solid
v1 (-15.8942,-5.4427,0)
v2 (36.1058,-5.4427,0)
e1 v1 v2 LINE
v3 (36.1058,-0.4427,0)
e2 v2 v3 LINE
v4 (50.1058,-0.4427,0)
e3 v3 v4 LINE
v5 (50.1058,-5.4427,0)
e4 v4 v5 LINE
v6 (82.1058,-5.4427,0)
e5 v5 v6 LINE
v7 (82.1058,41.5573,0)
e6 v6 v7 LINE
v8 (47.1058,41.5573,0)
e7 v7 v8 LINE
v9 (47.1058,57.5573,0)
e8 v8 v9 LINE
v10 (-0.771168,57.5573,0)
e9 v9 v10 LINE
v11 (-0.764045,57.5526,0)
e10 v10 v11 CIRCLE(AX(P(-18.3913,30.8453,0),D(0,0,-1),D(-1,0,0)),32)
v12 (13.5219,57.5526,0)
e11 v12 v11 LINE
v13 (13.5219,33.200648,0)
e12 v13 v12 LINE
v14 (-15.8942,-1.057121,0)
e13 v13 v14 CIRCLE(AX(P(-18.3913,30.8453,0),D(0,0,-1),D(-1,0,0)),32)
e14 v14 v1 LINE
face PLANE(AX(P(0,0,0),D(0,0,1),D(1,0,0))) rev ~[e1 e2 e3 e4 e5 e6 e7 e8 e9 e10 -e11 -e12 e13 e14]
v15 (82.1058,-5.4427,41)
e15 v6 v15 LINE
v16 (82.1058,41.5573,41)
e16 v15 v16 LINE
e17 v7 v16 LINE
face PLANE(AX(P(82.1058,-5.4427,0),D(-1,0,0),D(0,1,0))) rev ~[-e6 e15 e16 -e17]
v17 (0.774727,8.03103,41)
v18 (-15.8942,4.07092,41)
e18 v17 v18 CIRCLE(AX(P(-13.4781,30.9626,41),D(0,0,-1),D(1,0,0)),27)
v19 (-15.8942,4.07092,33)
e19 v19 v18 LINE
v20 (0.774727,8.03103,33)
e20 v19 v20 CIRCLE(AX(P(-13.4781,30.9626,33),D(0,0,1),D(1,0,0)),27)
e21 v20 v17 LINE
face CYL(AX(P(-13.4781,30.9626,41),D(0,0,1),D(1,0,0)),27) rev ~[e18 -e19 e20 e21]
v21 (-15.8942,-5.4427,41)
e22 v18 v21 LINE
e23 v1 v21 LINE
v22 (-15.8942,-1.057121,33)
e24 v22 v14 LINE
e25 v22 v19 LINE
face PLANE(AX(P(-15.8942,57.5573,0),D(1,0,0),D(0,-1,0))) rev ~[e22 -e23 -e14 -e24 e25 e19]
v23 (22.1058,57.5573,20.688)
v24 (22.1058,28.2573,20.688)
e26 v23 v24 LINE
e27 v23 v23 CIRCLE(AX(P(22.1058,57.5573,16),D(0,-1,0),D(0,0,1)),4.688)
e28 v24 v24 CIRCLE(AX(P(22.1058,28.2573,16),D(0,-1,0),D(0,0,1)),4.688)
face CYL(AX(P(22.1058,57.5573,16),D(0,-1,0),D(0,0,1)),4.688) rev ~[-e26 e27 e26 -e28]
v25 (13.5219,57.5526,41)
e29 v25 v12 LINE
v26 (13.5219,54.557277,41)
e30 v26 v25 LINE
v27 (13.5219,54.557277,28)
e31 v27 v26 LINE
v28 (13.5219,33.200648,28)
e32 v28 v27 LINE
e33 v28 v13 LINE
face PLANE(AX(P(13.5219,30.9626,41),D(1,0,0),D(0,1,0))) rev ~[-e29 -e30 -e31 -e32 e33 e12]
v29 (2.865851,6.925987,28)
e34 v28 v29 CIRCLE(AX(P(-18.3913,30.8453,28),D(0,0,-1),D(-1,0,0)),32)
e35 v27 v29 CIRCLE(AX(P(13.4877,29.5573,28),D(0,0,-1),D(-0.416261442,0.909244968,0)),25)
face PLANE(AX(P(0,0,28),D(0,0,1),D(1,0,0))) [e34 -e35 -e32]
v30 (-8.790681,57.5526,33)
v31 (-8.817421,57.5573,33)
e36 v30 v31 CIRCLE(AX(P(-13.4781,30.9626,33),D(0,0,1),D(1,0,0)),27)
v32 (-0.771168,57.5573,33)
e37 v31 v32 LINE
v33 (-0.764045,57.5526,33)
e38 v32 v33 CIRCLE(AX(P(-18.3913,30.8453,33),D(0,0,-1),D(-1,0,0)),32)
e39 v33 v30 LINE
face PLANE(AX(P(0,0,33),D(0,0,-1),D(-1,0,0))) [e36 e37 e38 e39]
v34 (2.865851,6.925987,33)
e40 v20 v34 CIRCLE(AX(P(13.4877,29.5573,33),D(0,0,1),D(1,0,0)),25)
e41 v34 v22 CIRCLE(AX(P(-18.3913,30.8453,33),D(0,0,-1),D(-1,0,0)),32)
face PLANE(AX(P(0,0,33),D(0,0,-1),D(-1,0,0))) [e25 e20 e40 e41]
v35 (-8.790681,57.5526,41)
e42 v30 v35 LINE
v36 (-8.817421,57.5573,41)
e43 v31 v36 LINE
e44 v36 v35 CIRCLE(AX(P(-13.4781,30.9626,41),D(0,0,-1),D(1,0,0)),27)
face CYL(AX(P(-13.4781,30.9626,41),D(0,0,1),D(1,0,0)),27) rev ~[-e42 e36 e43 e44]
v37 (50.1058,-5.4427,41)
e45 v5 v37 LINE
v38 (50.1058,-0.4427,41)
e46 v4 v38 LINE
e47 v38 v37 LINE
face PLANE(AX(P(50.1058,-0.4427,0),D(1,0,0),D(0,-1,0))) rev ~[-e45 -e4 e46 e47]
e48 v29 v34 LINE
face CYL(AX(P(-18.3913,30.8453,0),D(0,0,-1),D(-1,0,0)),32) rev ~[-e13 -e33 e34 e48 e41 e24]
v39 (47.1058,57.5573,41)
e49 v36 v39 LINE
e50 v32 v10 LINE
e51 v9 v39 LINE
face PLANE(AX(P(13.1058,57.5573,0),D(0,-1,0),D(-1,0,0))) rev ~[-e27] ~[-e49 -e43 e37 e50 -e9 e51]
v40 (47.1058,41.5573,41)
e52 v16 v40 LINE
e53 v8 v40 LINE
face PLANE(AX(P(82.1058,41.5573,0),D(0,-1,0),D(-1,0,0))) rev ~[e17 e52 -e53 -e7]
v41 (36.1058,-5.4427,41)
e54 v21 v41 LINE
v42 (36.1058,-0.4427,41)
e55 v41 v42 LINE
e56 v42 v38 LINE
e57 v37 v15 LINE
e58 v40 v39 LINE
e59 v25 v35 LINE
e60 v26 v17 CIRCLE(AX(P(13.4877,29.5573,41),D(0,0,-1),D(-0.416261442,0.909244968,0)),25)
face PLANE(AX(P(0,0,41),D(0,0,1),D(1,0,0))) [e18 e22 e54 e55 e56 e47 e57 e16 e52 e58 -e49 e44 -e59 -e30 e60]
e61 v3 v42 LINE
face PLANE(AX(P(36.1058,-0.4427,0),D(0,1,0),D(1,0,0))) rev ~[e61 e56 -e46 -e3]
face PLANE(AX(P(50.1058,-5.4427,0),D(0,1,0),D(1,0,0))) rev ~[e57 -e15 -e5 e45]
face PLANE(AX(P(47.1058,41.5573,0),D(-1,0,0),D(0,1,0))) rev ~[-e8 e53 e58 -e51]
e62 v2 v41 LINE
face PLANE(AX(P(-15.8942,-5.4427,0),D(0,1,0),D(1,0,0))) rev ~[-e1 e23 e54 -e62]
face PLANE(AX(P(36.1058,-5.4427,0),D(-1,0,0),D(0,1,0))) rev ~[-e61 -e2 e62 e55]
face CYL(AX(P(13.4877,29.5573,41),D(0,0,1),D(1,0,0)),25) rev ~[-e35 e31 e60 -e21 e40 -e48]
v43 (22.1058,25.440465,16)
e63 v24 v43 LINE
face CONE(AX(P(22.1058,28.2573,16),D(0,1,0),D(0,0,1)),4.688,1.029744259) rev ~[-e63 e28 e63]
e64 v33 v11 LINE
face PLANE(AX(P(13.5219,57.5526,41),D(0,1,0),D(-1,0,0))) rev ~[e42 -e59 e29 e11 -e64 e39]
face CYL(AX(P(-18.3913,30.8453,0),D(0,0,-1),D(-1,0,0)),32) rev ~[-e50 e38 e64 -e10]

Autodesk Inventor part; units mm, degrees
ref_plane "YZ Plane" through (0, 0, 0) normal (1, 0, 0) x (0, 1, 0)
ref_plane "XZ Plane" through (0, 0, 0) normal (0, 1, 0) x (-1, 0, 0)
ref_plane "XY Plane" through (0, 0, 0) normal (0, 0, 1) x (1, 0, 0)
sketch "Sketch1" plane through (0, 0, 0) normal (0, 0, 1) x (1, 0, 0)
  line L0 (-15.8942, -5.4427) -> (36.1058, -5.4427)
  line L1 (36.1058, -5.4427) -> (36.1058, -0.4427)
  line L2 (36.1058, -0.4427) -> (50.1058, -0.4427)
  line L3 (50.1058, -0.4427) -> (50.1058, -5.4427)
  line L4 (50.1058, -5.4427) -> (82.1058, -5.4427)
  line L5 (82.1058, -5.4427) -> (82.1058, 41.5573)
  line L6 (82.1058, 41.5573) -> (47.1058, 41.5573)
  line L7 (47.1058, 41.5573) -> (47.1058, 57.5573)
  line L8 (47.1058, 57.5573) -> (13.1058, 57.5573)
  line L9 (13.1058, 57.5573) -> (-15.8942, 57.5573)
  line L10 (-15.8942, 57.5573) -> (-15.8942, -5.4427)
  point P0 (0, 0)
  dimension "d0" = 52
  dimension "d1" = 5
  dimension "d2" = 14
  dimension "d3" = 5
  dimension "d4" = 32
  dimension "d5" = 47
  dimension "d6" = 35
  dimension "d7" = 16
  dimension "d8" = 34
  dimension "d9" = 29
extrude "Extrusion1" add sketch "Sketch1" along normal blind 41
sketch "Sketch10" plane through (0, 0, 41) normal (0, 0, 1) x (1, 0, 0)
  line L0 (-15.8942, 57.5573) -> (-15.8942, -5.4427) projected
  line L1 (47.1058, 57.5573) -> (-15.8942, 57.5573) projected
  point P0 (0, 0)
  point P1 (13.569, 57.5573)
  dimension "d16" = 29.4632
sketch "Sketch12" plane through (0, 0, 41) normal (0, 0, 1) x (1, 0, 0)
  circle A0 centre (-80.4891, 35.6187) radius 25
  line L0 (47.1058, 57.5573) -> (-15.8942, 57.5573) projected
  circle A1 centre (13.4877, 29.5573) radius 25
  point P0 (0, 0)
  dimension "d17" = 50
  dimension "d18" = 50
  dimension "d19" = 28
extrude "Extrusion2" cut sketch "Sketch12" against normal blind 13 contours A1
sketch "Sketch13" plane through (0, 0, 41) normal (0, 0, 1) x (1, 0, 0)
  circle A0 centre (-18.8292, 31.3442) radius 32
  circle A1 centre (13.4877, 29.5573) radius 25 projected
  line L0 (13.4877, 54.5573) -> (13.4877, 4.5573)
  circle A2 centre (-13.4781, 30.9626) radius 27
  point P0 (0, 0)
  dimension "d22" = 64
  dimension "d23" = 54
extrude "Extrusion3" cut sketch "Sketch13" against normal through all contours A0 A2 A1 | A0 A2 L0 | A2 L0 | A1 A2 picked at (-3.1402, 31.014)
sketch "Sketch14" plane through (0, 0, 41) normal (0, 0, 1) x (1, 0, 0)
  arc A0 (0.7748, 8.031) -> (3.0811, 52.2884) centre (-13.4781, 30.9626) ccw projected
  line L0 (13.5219, 30.9626) -> (13.5219, 57.5526)
  line L1 (13.5219, 57.5526) -> (-18.1655, 57.5526)
  line L2 (-18.1655, 57.5526) -> (13.5219, 30.9626)
  point P0 (0, 0)
  dimension "d26" = 41.3657
  dimension "d27" = 31.6874
extrude "Extrusion4" cut sketch "Sketch14" against normal through all
sketch "Sketch15" plane through (0, 0, 41) normal (0, 0, 1) x (1, 0, 0)
  point P0 (0, 0)
sketch "Sketch16" plane through (0, 0, 0) normal (0, 0, -1) x (-1, 0, 0)
  circle A0 centre (18.3913, 30.8453) radius 32
  point P0 (0, 0)
  dimension "d30" = 64
extrude "Extrusion5" cut sketch "Sketch16" against normal blind 33
sketch "Sketch21" plane through (47.1058, 57.5573, 41) normal (0, 1, 0) x (1, 0, 0)
  line L0 (0, 41) -> (-47.877, 41) projected
  line L1 (-63, 8) -> (-63, 41) projected
  point P0 (-47.1058, 41)
  point P1 (-25, 25)
  dimension "d33" = 16
  dimension "d34" = 38
hole "Hole1" at (22.1058, 57.5573, 16) direction (0, -1, 0) diameter 9.376 depth 29.3 tip angle 118 thread size "M11x1.5" class "6H" standard "ANSI Metric M Profile"
sketch "Sketch22" plane through (47.1058, 57.5573, 41) normal (0, 1, 0) x (1, 0, 0)
  point P0 (-47.1058, 41)
